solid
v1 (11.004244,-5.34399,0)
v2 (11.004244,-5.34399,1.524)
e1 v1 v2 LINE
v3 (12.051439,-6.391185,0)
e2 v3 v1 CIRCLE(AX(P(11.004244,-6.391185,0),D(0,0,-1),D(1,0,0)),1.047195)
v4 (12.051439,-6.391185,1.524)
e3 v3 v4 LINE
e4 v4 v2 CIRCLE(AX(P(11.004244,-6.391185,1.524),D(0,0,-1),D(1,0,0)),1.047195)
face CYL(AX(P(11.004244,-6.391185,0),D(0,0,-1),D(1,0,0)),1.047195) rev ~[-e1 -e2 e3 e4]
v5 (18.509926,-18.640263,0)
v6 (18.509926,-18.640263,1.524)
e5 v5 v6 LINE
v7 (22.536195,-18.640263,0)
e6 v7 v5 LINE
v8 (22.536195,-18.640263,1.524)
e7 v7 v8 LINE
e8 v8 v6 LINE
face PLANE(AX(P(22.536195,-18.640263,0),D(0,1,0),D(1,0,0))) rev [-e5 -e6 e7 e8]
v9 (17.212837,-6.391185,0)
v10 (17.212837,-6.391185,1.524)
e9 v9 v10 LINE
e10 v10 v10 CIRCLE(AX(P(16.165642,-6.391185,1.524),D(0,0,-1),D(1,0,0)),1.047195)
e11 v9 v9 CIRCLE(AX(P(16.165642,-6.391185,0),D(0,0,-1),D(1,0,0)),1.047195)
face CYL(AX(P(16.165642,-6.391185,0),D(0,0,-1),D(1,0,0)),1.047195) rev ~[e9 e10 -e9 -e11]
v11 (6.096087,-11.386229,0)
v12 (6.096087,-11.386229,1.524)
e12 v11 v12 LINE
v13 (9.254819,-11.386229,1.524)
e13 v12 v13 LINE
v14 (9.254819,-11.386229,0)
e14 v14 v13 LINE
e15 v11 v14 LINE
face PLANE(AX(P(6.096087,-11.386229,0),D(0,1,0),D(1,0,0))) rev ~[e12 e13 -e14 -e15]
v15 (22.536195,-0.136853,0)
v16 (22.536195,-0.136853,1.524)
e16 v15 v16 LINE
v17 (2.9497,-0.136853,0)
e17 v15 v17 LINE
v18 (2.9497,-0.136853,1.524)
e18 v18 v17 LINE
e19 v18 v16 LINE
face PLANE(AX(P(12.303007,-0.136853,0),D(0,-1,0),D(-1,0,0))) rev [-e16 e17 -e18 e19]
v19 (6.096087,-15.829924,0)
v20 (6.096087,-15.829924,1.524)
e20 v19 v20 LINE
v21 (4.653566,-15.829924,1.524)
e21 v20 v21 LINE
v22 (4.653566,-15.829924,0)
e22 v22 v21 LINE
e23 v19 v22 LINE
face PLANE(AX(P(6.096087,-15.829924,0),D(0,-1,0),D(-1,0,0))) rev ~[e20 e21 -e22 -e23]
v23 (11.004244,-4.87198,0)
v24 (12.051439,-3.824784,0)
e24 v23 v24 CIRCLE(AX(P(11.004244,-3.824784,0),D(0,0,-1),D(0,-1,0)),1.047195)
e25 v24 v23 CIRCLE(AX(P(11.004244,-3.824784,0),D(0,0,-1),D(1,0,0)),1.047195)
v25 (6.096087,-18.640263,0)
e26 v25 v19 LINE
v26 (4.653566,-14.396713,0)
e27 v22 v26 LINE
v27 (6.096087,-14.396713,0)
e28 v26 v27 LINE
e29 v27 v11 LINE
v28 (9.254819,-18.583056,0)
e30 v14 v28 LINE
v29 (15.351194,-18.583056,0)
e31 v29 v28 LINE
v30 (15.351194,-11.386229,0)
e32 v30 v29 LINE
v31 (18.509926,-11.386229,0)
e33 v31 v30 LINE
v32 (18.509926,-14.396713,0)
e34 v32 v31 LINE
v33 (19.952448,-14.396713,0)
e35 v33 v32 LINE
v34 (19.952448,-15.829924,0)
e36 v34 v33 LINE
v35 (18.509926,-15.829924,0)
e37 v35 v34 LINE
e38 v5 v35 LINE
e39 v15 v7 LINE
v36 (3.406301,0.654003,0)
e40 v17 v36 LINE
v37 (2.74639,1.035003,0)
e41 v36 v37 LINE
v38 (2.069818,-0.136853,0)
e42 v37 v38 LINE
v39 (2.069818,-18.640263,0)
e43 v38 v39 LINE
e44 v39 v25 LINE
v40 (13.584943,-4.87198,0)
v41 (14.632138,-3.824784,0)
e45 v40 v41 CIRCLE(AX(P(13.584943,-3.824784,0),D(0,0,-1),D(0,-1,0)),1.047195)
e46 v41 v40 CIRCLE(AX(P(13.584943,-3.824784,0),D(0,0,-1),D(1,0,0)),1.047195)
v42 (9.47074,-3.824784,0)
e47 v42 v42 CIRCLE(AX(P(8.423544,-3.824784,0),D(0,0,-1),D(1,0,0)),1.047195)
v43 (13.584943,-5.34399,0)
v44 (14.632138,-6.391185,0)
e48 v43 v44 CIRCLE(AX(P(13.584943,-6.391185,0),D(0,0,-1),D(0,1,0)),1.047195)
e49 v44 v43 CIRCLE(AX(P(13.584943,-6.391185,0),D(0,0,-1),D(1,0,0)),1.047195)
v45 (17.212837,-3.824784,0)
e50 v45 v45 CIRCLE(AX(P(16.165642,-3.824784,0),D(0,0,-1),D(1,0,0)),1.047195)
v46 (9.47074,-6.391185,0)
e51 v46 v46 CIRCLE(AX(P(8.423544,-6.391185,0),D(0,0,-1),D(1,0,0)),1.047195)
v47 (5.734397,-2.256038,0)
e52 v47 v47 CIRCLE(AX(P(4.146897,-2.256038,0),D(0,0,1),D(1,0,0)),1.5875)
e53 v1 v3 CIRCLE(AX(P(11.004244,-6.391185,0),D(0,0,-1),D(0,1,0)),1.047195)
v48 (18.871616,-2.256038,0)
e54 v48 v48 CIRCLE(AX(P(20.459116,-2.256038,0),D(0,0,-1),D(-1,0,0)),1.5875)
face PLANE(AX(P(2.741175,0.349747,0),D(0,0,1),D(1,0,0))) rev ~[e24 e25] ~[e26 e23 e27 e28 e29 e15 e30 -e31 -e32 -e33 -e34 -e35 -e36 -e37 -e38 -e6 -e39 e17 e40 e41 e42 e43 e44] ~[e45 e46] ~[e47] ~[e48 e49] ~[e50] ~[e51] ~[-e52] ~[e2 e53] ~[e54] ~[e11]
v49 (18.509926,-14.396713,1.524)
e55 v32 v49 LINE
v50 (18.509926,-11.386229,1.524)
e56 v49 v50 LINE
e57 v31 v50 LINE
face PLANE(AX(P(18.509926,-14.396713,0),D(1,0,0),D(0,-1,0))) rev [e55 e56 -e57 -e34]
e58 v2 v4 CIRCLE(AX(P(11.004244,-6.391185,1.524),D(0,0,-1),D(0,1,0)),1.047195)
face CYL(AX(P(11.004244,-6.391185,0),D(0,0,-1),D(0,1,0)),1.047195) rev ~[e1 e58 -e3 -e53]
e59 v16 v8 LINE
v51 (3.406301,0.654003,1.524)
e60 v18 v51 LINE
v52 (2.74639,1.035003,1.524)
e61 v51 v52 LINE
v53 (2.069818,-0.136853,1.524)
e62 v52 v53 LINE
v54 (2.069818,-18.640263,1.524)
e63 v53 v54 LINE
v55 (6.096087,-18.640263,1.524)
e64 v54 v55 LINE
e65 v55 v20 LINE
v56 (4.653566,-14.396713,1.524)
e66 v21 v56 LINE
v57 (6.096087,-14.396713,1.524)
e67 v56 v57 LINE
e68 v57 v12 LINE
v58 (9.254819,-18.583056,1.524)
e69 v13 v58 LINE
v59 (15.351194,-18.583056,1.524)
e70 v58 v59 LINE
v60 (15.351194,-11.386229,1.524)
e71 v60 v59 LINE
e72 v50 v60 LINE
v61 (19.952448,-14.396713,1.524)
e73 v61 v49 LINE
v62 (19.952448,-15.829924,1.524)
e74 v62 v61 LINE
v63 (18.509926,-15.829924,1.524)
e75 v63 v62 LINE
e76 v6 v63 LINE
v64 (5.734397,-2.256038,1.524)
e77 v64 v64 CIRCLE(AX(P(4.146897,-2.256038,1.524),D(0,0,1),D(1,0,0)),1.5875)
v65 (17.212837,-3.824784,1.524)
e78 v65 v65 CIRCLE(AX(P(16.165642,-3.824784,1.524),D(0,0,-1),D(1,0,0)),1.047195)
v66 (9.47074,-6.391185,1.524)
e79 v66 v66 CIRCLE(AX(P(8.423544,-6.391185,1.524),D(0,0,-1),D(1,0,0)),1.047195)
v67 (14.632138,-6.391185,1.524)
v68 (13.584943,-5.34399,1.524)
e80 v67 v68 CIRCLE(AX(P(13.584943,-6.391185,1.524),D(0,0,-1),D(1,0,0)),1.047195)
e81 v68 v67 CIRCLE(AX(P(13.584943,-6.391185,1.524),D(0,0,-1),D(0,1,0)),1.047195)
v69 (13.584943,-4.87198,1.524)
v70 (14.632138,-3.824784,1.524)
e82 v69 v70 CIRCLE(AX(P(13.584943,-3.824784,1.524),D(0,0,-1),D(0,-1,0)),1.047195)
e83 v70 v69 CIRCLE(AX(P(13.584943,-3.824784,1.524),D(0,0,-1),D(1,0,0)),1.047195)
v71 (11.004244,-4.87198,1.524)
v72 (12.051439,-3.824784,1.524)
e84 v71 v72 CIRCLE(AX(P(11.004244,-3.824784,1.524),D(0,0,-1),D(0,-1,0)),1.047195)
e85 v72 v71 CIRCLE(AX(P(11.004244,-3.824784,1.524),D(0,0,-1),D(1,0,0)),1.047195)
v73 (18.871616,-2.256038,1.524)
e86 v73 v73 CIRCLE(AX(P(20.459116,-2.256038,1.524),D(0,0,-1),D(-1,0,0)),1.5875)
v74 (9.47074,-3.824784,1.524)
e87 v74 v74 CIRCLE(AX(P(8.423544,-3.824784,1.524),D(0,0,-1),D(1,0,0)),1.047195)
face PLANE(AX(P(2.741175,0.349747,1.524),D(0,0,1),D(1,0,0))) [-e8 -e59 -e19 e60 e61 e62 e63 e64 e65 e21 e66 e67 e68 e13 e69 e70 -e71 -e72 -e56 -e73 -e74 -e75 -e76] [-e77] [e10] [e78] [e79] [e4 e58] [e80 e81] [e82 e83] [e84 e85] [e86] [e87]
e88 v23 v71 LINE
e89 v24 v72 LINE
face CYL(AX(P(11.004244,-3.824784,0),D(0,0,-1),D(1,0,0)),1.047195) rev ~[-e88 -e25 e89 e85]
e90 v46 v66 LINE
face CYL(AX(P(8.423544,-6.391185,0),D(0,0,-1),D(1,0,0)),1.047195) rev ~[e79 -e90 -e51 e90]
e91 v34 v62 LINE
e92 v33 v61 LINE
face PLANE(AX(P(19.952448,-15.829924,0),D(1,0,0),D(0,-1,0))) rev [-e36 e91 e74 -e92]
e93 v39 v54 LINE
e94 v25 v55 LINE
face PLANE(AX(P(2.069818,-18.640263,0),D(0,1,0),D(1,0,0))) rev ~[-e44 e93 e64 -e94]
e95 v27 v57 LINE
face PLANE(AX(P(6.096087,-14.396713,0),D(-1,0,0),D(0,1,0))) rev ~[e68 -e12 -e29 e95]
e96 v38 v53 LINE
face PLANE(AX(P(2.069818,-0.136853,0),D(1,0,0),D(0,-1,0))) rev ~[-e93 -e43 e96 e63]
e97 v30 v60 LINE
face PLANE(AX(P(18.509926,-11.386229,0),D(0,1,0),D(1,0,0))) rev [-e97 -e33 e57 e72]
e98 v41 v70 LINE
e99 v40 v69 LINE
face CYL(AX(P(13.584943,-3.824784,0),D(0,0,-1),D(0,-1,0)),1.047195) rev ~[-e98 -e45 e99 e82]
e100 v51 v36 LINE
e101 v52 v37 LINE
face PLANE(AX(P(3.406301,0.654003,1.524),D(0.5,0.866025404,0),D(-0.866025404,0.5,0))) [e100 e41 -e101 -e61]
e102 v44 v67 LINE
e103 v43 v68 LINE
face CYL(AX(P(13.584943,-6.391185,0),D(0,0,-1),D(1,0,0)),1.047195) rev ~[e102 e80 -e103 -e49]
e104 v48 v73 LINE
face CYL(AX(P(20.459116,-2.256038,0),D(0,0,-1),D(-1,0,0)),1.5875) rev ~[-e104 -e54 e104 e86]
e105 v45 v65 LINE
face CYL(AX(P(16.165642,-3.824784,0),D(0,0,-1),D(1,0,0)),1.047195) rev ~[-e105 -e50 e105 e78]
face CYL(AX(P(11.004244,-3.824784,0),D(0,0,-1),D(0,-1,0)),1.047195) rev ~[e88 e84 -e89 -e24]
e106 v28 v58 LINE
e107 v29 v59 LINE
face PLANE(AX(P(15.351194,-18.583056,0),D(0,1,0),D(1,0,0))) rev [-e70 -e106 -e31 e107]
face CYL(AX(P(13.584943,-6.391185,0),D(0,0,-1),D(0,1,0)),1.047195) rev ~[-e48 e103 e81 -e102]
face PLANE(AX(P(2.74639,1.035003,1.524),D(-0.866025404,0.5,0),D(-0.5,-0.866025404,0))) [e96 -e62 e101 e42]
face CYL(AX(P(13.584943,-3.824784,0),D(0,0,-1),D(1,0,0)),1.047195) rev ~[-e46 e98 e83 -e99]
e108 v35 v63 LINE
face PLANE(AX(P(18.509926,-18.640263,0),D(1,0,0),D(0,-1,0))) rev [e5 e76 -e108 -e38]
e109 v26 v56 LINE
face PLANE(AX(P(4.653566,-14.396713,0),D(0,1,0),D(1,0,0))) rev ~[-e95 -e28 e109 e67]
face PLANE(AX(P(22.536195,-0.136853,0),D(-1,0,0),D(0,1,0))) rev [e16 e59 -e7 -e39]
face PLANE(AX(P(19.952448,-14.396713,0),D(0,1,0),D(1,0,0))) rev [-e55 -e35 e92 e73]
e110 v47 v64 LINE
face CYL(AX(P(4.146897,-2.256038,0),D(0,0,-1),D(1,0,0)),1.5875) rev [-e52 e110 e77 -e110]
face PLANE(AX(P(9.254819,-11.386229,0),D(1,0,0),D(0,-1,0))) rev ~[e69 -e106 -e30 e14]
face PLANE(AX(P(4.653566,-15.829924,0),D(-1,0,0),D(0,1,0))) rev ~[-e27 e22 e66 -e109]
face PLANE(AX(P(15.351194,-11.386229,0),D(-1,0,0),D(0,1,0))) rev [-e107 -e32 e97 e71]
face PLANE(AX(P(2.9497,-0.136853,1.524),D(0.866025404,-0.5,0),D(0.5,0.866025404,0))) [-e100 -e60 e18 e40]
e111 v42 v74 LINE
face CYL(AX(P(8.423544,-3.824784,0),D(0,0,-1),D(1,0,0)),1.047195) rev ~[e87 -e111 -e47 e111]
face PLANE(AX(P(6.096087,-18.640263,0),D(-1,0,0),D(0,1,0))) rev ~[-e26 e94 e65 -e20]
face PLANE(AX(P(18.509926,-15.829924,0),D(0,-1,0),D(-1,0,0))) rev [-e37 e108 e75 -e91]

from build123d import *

# Parameters (mm, degrees)
F0_R     = 1.5875
F1_DEPTH = 1.524
F3_R     = 1.0471954036
F4_DEPTH = 1.525
F7_DEPTH = 1.524


with BuildPart() as f1:
    # F0 (on Top) → F1 (new body)
    with BuildSketch(Plane.XY):
        Polygon((12.3030065617, -0.1368533121), (2.0698180888, -0.1368533121), (2.0698180888, -18.6402630061), (6.0960869305, -18.6402630061), (6.0960869305, -15.829924494), (4.6535655856, -15.829924494), (4.6535655856, -14.3967131153), (6.0960869305, -14.3967131153), (6.0960869305, -11.3862287253), (9.2548192479, -11.3862287253), (9.2548192479, -18.5830555856), (12.3030065617, -18.5830555856), align=None)
        with Locations((4.1468967684, -2.2560383659)):
            Circle(F0_R, mode=Mode.SUBTRACT)
    extrude(amount=F1_DEPTH)

    # F2: F1 across face


with BuildPart() as f1_1:
    add(f1.part)
    add(f1.part.mirror(Plane(origin=(12.3030065617, -9.3599544489, 0.762), x_dir=(0, 1, 0), z_dir=(1, 0, 0))))

    # F3 (on face) → F4 (cut, through all)
    with BuildSketch(Plane(origin=(0, 0, 0), x_dir=(1, 0, 0), z_dir=(0, 0, -1))):
        with Locations((16.1656420678, 3.8247841876)):
            Circle(F3_R)
        with BuildLine():
            ThreePointArc((13.5849428674, 4.8719795912), (12.8444638963, 3.0843052165), (14.6321382709, 3.8247841876))
            ThreePointArc((14.6321382709, 3.8247841876), (14.3254218385, 4.5652631587), (13.5849428674, 4.8719795912))
        make_face()
        with BuildLine():
            ThreePointArc((14.6321382709, 6.3911853358), (12.8444638963, 7.1316643069), (13.5849428674, 5.3439899322))
            ThreePointArc((13.5849428674, 5.3439899322), (14.3254218385, 5.6507063647), (14.6321382709, 6.3911853358))
        make_face()
        with Locations((8.4235444665, 3.8247841876)):
            Circle(F3_R)
        with Locations((8.4235444665, 6.3911853358)):
            Circle(F3_R)
        with Locations((16.1656420678, 6.3911853358)):
            Circle(F3_R)
        with BuildLine():
            ThreePointArc((11.0042436669, 4.8719795912), (10.2637646958, 3.0843052165), (12.0514390705, 3.8247841876))
            ThreePointArc((12.0514390705, 3.8247841876), (11.744722638, 4.5652631587), (11.0042436669, 4.8719795912))
        make_face()
        with BuildLine():
            ThreePointArc((12.0514390705, 6.3911853358), (10.2637646958, 7.1316643069), (11.0042436669, 5.3439899322))
            ThreePointArc((11.0042436669, 5.3439899322), (11.744722638, 5.6507063647), (12.0514390705, 6.3911853358))
        make_face()
    extrude(amount=-F4_DEPTH, mode=Mode.SUBTRACT)

    # F6 (on face) → F7 (join, through all)
    with BuildSketch(Plane.XY.offset(1.524)):
        Polygon((2.7463897519, 1.0350031834), (2.0698180888, -0.1368533121), (2.949699899, -0.1368533121), (3.4063011096, 0.6540031834), align=None)
    extrude(amount=-F7_DEPTH)


solid = f1_1.part
